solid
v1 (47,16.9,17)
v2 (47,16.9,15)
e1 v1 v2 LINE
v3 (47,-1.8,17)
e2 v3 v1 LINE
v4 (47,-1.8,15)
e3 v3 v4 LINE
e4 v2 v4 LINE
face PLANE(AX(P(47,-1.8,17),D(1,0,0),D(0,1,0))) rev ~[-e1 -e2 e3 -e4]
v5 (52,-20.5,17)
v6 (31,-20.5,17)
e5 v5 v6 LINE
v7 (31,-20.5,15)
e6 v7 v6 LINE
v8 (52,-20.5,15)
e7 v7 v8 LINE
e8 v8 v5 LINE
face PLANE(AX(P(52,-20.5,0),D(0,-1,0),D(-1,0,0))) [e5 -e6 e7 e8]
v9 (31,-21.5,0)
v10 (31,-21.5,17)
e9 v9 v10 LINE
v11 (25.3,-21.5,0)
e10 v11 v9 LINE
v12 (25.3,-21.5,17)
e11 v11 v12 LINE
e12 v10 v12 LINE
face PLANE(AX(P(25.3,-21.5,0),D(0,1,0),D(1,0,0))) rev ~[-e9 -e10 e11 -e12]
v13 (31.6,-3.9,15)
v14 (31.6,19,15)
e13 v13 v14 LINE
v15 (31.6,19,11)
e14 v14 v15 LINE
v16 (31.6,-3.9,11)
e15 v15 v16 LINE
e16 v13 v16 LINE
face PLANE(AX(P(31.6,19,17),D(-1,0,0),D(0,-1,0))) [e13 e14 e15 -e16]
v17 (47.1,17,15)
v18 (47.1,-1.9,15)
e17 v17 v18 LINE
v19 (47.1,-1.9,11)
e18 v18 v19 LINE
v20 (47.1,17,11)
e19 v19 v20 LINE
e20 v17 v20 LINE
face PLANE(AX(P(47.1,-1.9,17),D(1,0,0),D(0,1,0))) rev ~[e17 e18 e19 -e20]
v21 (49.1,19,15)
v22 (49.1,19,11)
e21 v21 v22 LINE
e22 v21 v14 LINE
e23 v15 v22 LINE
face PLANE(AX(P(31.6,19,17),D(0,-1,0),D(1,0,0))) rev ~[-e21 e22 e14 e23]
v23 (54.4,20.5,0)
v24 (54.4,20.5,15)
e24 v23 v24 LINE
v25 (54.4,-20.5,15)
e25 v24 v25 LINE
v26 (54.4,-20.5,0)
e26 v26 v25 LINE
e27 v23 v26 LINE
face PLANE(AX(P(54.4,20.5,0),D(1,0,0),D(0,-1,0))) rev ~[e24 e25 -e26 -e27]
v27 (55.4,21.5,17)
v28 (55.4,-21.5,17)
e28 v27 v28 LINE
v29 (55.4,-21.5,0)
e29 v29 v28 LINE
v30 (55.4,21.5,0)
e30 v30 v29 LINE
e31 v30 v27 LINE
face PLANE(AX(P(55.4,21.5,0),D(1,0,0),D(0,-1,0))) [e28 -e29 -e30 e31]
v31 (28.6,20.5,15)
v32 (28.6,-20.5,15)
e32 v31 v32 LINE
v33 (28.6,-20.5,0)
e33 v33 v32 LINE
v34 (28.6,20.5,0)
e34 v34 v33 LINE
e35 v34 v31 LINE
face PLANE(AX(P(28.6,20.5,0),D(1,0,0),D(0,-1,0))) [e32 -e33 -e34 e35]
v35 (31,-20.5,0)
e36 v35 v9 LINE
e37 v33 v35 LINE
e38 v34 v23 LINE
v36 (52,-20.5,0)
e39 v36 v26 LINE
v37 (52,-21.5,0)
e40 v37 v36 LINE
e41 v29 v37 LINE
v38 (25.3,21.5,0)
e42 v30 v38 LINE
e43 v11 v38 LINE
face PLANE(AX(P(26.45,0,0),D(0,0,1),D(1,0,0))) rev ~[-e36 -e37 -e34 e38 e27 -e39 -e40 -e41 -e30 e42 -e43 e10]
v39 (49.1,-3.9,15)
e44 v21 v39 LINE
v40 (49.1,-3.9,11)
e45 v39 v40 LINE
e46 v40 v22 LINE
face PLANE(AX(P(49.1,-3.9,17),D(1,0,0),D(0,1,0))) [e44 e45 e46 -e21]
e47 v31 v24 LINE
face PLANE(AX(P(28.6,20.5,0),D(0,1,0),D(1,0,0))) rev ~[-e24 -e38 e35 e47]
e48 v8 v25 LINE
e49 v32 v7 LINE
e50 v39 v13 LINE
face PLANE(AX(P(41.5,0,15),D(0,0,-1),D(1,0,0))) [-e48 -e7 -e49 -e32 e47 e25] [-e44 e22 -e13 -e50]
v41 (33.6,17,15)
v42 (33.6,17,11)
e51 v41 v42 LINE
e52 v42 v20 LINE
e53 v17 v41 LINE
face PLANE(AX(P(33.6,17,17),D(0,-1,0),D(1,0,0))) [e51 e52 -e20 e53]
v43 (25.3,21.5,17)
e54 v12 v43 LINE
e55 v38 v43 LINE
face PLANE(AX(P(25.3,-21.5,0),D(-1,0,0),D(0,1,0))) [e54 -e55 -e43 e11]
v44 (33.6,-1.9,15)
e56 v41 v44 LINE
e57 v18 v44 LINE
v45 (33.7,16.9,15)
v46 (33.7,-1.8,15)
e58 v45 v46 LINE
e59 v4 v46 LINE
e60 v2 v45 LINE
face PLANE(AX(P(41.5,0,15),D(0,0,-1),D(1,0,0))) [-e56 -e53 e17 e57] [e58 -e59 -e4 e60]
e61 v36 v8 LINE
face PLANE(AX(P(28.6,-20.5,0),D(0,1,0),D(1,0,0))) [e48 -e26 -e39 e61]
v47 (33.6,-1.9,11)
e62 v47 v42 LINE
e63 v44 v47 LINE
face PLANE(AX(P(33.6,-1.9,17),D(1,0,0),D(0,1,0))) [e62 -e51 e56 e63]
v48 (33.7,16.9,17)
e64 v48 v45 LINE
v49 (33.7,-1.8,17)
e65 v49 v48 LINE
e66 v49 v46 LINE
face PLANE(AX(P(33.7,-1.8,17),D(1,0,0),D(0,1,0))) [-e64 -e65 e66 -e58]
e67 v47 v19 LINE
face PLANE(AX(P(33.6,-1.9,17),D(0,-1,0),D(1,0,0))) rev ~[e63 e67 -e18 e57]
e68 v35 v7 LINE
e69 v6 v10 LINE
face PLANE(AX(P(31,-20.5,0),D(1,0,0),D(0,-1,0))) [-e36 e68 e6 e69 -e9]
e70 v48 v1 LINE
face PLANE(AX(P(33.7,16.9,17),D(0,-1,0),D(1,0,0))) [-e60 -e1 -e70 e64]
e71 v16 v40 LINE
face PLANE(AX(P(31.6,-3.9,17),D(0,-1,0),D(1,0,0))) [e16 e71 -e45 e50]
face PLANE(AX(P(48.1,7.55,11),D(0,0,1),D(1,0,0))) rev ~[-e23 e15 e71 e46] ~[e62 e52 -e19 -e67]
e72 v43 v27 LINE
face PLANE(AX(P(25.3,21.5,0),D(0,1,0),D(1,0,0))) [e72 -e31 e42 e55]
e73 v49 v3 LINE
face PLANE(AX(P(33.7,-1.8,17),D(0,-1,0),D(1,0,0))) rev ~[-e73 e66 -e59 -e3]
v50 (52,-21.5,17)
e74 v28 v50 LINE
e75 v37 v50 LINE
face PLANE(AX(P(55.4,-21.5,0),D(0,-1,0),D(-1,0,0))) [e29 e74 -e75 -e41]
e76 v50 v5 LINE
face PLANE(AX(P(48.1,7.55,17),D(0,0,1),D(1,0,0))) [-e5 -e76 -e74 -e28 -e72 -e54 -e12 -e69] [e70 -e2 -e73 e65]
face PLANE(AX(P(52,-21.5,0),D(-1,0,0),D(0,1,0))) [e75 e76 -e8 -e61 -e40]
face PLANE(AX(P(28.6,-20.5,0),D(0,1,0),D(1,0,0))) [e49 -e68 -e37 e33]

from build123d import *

# Parameters (mm, degrees)
PAD001_DEPTH    = 17
SKETCH008_W     = 25.8
SKETCH008_H     = 41
POCKET005_DEPTH = 15
SKETCH009_W     = 13.3
SKETCH009_H     = 18.7
POCKET006_DEPTH = 5
SKETCH010_W     = 2.3
SKETCH010_H     = 43
PAD002_DEPTH    = 17
SKETCH011_W     = 2
SKETCH011_H     = 18.9
SKETCH011_W_2   = 17.5
SKETCH011_H_2   = 2
PAD003_DEPTH    = 6


with BuildPart() as part:
    # Sketch007 → Pad001 (new body)
    with BuildSketch(Plane.XY):
        Polygon((17.6, 21.5), (45.4, 21.5), (45.4, -21.5), (42, -21.5), (42, -20.5), (21, -20.5), (21, -21.5), (17.6, -21.5), align=None)
    extrude(amount=PAD001_DEPTH)

    # Sketch008 (on Face9 of Pad001) → Pocket005 (cut)
    with BuildSketch(Plane(origin=(0, 0, 0), x_dir=(1, 0, 0), z_dir=(0, 0, -1))):
        with Locations((31.5, 0)):
            Rectangle(SKETCH008_W, SKETCH008_H)
    extrude(amount=-POCKET005_DEPTH, mode=Mode.SUBTRACT)

    # Sketch009 (on Face5 of Pocket005) → Pocket006 (cut)
    with BuildSketch(Plane.XY.offset(17)):
        with Locations((30.35, 7.55)):
            Rectangle(SKETCH009_W, SKETCH009_H)
    extrude(amount=-POCKET006_DEPTH, mode=Mode.SUBTRACT)

    # Sketch010 → Pad002 (join)
    with BuildSketch(Plane.XY):
        with Locations((16.45, 0)):
            Rectangle(SKETCH010_W, SKETCH010_H)
    extrude(amount=PAD002_DEPTH)

    # Sketch011 (on Face5 of Pad002) → Pad003 (join)
    with BuildSketch(Plane.XY.offset(17)):
        with Locations((38.1, 7.55)):
            Rectangle(SKETCH011_W, SKETCH011_H)
        with Locations((22.6, 7.55)):
            Rectangle(SKETCH011_W, SKETCH011_H)
        with Locations((30.35, 18)):
            Rectangle(SKETCH011_W_2, SKETCH011_H_2)
        with Locations((30.35, -2.9)):
            Rectangle(SKETCH011_W_2, SKETCH011_H_2)
    extrude(amount=-PAD003_DEPTH)


with BuildPart() as part_1:
    # Body001 placement: moved
    add(part.part.moved(Location((10, 0, 0))))


solid = part_1.part
